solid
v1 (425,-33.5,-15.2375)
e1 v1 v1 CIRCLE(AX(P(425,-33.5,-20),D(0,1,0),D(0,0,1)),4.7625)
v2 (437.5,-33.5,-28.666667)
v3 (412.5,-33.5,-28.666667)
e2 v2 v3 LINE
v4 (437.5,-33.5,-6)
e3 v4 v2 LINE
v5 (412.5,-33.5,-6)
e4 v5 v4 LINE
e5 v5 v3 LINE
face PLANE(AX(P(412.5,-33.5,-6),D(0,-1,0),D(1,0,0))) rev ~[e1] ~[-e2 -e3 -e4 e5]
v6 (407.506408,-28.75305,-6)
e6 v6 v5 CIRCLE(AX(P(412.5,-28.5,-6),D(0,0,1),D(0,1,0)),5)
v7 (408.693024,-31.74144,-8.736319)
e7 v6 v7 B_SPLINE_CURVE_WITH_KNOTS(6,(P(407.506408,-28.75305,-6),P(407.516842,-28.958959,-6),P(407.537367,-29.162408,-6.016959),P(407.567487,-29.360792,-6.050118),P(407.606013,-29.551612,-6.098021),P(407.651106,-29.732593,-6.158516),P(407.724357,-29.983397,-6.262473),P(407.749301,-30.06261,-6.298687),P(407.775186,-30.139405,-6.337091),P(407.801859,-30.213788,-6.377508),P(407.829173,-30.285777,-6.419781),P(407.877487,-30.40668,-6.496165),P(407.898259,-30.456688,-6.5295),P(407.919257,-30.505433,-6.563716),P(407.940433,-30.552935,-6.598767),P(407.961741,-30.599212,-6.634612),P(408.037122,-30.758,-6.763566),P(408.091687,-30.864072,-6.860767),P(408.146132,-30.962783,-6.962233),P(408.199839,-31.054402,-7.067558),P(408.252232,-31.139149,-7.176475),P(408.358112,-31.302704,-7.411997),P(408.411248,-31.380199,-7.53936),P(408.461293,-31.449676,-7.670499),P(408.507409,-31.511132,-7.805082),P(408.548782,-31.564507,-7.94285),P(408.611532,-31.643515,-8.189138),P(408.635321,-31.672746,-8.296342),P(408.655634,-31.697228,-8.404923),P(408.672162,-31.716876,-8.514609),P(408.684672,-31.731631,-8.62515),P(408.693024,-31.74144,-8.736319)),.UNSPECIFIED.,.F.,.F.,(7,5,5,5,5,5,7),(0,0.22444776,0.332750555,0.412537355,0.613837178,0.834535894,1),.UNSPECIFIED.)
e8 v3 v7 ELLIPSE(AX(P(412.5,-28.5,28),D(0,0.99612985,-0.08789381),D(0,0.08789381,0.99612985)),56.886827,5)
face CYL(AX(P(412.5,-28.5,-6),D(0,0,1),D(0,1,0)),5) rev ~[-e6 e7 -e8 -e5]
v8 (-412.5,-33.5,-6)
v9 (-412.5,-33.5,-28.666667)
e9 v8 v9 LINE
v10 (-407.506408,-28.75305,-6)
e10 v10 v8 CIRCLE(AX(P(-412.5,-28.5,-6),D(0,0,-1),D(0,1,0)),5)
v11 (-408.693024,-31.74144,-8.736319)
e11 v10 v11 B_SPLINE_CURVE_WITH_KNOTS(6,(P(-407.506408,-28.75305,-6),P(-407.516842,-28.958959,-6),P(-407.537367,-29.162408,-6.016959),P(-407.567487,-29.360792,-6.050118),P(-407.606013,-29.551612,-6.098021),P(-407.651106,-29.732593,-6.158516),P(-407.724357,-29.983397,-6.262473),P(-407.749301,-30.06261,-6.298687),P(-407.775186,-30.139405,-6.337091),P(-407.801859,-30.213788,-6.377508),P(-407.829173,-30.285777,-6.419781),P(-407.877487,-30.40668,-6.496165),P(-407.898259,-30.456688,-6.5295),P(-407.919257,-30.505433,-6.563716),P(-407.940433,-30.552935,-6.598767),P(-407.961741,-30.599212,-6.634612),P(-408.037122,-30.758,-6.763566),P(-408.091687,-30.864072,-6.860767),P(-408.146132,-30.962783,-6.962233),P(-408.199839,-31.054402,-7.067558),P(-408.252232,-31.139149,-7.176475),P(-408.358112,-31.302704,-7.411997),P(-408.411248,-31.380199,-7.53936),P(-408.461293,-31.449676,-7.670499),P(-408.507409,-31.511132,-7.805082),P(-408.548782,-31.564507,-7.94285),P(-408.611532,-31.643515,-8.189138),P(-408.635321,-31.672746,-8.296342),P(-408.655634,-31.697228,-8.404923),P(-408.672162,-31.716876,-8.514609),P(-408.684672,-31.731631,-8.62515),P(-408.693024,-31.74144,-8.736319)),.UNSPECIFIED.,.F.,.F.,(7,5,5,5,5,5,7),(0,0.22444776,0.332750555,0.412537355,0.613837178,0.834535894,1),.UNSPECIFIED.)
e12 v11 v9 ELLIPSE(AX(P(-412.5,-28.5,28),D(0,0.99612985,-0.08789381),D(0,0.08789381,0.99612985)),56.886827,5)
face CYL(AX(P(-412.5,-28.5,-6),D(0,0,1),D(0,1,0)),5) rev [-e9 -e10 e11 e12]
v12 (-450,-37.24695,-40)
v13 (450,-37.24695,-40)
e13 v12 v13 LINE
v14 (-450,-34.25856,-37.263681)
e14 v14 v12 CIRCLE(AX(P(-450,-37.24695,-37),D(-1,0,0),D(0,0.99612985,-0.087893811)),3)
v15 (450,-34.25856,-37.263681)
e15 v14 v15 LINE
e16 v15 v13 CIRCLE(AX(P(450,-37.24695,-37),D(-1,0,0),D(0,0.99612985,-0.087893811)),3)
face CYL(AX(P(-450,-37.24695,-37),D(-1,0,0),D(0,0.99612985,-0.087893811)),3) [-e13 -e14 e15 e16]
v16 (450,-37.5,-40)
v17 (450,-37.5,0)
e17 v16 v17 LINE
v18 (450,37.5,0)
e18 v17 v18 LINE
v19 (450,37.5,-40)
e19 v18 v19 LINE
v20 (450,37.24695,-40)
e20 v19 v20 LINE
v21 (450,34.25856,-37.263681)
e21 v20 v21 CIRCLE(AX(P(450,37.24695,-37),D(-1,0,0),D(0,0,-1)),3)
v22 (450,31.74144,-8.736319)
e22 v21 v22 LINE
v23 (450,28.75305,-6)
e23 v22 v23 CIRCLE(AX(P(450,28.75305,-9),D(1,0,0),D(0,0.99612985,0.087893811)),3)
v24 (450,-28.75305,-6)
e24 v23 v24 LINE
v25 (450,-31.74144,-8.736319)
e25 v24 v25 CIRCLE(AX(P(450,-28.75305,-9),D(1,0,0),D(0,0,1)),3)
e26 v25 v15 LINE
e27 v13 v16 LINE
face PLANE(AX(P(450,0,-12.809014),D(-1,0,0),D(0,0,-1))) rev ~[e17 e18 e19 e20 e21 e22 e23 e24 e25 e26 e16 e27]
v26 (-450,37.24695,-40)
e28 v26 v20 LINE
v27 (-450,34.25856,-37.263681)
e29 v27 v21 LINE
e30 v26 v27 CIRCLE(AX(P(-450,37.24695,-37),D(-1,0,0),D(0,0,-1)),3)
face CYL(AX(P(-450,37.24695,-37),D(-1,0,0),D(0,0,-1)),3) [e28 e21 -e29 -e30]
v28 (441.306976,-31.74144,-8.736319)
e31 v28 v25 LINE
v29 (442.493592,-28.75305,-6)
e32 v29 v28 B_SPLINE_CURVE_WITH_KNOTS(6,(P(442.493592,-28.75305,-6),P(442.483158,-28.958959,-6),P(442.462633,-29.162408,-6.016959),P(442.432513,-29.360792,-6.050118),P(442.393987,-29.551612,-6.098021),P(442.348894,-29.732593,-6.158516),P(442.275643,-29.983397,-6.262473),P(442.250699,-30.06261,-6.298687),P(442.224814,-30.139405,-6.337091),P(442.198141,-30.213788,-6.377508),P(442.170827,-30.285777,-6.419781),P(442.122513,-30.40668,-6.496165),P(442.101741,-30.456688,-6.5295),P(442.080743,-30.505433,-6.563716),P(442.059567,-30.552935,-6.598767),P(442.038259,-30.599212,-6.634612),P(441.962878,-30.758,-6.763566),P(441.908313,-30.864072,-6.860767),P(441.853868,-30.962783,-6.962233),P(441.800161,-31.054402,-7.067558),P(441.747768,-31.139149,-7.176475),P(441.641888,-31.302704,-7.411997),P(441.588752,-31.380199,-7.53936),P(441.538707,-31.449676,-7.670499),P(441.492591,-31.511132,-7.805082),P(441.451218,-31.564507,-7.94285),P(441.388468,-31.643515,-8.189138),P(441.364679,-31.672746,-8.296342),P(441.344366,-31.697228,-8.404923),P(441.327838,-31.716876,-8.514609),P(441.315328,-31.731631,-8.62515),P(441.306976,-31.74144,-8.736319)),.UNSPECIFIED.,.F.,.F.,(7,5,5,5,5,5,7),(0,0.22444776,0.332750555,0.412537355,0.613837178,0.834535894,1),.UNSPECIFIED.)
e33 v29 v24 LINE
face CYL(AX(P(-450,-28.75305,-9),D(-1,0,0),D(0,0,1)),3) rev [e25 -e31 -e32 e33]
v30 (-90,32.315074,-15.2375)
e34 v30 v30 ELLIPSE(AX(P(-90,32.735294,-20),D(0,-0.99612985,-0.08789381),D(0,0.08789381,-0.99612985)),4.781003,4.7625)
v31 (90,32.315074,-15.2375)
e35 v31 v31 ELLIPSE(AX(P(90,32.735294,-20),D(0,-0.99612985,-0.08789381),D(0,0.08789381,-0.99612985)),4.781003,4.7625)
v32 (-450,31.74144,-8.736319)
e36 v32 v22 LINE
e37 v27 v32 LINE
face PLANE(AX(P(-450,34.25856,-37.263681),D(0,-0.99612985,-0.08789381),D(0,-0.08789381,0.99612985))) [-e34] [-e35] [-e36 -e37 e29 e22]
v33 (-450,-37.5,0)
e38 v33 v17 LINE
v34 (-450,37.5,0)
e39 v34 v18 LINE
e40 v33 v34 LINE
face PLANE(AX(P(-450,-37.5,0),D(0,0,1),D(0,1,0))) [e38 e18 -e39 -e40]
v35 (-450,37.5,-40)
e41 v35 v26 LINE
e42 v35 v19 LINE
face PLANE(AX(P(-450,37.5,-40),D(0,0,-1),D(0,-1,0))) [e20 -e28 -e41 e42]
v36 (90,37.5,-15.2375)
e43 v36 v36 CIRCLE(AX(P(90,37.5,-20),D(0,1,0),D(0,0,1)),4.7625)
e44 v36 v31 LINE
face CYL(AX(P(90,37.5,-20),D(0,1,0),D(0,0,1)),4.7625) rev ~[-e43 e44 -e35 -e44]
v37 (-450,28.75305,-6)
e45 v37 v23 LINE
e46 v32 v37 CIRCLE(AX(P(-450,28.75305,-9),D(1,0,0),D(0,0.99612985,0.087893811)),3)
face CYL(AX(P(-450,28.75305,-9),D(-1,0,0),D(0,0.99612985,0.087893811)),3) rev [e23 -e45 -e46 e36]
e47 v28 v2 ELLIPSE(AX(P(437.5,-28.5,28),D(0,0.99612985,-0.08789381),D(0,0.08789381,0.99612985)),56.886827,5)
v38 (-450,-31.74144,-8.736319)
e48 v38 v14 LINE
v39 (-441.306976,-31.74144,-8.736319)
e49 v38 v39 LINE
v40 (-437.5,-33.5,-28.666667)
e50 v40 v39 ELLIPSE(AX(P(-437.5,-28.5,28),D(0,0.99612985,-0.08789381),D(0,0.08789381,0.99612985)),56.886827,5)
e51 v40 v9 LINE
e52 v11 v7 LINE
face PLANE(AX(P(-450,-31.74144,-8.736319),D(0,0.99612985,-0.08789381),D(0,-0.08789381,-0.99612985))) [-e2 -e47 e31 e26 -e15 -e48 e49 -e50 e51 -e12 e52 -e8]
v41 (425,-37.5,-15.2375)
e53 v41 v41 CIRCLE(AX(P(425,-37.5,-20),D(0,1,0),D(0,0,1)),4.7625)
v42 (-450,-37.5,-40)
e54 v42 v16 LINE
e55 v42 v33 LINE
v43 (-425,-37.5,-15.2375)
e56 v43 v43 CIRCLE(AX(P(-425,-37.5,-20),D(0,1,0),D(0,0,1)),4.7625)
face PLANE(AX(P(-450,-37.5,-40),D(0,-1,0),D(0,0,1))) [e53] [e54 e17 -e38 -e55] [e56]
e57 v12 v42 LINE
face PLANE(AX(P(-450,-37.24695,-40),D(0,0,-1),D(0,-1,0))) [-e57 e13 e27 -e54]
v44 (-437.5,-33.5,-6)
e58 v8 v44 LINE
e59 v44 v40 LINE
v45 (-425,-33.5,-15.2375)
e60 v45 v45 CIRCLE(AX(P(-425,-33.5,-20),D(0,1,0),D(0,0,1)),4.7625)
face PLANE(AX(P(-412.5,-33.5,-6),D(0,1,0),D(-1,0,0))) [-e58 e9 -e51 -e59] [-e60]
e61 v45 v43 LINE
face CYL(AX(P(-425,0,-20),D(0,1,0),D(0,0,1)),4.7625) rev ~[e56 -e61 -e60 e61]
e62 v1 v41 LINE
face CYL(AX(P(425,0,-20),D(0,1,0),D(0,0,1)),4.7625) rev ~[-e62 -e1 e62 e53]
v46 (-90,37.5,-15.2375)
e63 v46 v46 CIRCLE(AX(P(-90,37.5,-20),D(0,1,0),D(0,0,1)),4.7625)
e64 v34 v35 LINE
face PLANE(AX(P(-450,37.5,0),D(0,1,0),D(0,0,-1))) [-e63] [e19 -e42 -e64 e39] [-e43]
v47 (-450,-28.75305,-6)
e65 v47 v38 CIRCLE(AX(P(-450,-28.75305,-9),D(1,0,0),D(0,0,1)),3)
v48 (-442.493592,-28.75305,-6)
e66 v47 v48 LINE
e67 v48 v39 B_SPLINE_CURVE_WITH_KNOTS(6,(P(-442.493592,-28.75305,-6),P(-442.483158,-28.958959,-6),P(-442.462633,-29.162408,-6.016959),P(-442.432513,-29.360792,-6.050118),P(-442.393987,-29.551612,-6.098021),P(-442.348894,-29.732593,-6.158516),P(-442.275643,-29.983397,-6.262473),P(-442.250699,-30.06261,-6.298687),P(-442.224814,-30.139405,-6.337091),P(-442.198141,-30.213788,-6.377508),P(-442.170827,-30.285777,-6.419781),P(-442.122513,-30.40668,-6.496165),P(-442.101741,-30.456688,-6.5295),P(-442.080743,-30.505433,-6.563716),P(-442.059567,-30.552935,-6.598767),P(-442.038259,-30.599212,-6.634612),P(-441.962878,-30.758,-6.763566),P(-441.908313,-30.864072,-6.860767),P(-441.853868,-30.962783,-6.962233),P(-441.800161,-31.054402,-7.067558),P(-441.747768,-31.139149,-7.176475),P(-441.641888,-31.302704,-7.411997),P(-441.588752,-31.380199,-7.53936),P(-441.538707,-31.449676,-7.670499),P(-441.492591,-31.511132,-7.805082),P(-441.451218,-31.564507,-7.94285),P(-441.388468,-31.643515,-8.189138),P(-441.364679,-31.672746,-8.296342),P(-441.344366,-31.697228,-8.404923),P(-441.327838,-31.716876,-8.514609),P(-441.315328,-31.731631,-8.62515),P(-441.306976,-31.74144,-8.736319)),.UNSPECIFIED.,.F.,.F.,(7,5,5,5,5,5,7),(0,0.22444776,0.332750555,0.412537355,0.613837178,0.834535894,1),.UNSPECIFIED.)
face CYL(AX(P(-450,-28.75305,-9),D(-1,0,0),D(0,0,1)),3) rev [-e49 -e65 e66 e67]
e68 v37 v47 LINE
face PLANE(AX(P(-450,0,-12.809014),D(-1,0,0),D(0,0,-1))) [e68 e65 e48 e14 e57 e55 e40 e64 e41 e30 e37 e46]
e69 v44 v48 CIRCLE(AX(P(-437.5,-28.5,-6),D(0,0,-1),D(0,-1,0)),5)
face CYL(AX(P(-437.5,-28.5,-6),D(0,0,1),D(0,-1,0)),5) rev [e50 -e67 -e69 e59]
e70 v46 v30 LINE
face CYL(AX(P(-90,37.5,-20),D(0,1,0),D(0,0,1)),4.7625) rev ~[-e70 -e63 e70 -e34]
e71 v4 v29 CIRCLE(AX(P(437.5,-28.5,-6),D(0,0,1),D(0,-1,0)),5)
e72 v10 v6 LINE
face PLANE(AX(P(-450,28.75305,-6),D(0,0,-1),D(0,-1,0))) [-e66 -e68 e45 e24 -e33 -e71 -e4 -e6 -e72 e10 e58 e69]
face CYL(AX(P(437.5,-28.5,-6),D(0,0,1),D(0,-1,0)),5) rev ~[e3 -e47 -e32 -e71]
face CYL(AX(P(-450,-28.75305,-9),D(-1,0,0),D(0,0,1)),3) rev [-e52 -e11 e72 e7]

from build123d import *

# Parameters (mm, degrees)
STRUCTURAL_MEMBER1_DEPTH = 900
SKETCH12_R               = 4.7625
CUT_EXTRUDE1_DEPTH       = 454.327971782
CUT_EXTRUDE2_DEPTH       = 40
SKETCH18_R               = 4.7625
CUT_EXTRUDE3_DEPTH       = 10


with BuildPart() as part:
    # Sketch17 → Structural Member1 (new body)
    with BuildSketch(Plane(origin=(-450, 0, 0), x_dir=(0, 0, 1), z_dir=(1, 0, 0))):
        with BuildLine():
            Line((0, 37.5), (0, -37.5))
            Line((0, -37.5), (-40, -37.5))
            Line((-40, -37.5), (-40, -37.246949676))
            ThreePointArc((-40, -37.246949676), (-39.212582687, -35.220998578), (-37.263681431, -34.258560126))
            Line((-37.263681431, -34.258560126), (-8.736318569, -31.741439874))
            ThreePointArc((-8.736318569, -31.741439874), (-6.787417313, -30.779001422), (-6, -28.753050324))
            Line((-6, -28.753050324), (-6, 28.753050324))
            ThreePointArc((-6, 28.753050324), (-6.787417313, 30.779001422), (-8.736318569, 31.741439874))
            Line((-8.736318569, 31.741439874), (-37.263681431, 34.258560126))
            ThreePointArc((-37.263681431, 34.258560126), (-39.212582687, 35.220998578), (-40, 37.246949676))
            Line((-40, 37.246949676), (-40, 37.5))
            Line((-40, 37.5), (0, 37.5))
        make_face()
    extrude(amount=STRUCTURAL_MEMBER1_DEPTH)

    # Sketch12 → Cut-Extrude1 (cut, through all)
    with BuildSketch(Plane(origin=(0, 0, 0), x_dir=(1, 0, 0), z_dir=(0, 1, 0))):
        with Locations(Location((-425, 20, 0), (0, 0, 270))):
            Circle(SKETCH12_R)
        with Locations(Location((425, 20, 0), (0, 0, 270))):
            Circle(SKETCH12_R)
    extrude(amount=-CUT_EXTRUDE1_DEPTH, mode=Mode.SUBTRACT)

    # Sketch15 → Cut-Extrude2 (cut)
    with BuildSketch(Plane(origin=(0, 0, -6), x_dir=(-1, 0, 0), z_dir=(0, 0, -1))):
        with BuildLine():
            Line((-412.5, -33.5), (-437.5, -33.5))
            ThreePointArc((-437.5, -33.5), (-442.5, -28.5), (-437.5, -23.5))
            Line((-437.5, -23.5), (-412.5, -23.5))
            ThreePointArc((-412.5, -23.5), (-407.5, -28.5), (-412.5, -33.5))
        make_face()
        with BuildLine():
            Line((412.5, -33.5), (437.5, -33.5))
            ThreePointArc((437.5, -33.5), (442.5, -28.5), (437.5, -23.5))
            Line((437.5, -23.5), (412.5, -23.5))
            ThreePointArc((412.5, -23.5), (407.5, -28.5), (412.5, -33.5))
        make_face()
    extrude(amount=CUT_EXTRUDE2_DEPTH, mode=Mode.SUBTRACT)

    # Sketch18 → Cut-Extrude3 (cut)
    with BuildSketch(Plane(origin=(0, 37.5, 0), x_dir=(1, 0, 0), z_dir=(0, 1, 0))):
        with Locations(Location((90, 20, 0), (0, 0, 270))):
            Circle(SKETCH18_R)
        with Locations(Location((-90, 20, 0), (0, 0, 270))):
            Circle(SKETCH18_R)
    extrude(amount=-CUT_EXTRUDE3_DEPTH, mode=Mode.SUBTRACT)


solid = part.part
